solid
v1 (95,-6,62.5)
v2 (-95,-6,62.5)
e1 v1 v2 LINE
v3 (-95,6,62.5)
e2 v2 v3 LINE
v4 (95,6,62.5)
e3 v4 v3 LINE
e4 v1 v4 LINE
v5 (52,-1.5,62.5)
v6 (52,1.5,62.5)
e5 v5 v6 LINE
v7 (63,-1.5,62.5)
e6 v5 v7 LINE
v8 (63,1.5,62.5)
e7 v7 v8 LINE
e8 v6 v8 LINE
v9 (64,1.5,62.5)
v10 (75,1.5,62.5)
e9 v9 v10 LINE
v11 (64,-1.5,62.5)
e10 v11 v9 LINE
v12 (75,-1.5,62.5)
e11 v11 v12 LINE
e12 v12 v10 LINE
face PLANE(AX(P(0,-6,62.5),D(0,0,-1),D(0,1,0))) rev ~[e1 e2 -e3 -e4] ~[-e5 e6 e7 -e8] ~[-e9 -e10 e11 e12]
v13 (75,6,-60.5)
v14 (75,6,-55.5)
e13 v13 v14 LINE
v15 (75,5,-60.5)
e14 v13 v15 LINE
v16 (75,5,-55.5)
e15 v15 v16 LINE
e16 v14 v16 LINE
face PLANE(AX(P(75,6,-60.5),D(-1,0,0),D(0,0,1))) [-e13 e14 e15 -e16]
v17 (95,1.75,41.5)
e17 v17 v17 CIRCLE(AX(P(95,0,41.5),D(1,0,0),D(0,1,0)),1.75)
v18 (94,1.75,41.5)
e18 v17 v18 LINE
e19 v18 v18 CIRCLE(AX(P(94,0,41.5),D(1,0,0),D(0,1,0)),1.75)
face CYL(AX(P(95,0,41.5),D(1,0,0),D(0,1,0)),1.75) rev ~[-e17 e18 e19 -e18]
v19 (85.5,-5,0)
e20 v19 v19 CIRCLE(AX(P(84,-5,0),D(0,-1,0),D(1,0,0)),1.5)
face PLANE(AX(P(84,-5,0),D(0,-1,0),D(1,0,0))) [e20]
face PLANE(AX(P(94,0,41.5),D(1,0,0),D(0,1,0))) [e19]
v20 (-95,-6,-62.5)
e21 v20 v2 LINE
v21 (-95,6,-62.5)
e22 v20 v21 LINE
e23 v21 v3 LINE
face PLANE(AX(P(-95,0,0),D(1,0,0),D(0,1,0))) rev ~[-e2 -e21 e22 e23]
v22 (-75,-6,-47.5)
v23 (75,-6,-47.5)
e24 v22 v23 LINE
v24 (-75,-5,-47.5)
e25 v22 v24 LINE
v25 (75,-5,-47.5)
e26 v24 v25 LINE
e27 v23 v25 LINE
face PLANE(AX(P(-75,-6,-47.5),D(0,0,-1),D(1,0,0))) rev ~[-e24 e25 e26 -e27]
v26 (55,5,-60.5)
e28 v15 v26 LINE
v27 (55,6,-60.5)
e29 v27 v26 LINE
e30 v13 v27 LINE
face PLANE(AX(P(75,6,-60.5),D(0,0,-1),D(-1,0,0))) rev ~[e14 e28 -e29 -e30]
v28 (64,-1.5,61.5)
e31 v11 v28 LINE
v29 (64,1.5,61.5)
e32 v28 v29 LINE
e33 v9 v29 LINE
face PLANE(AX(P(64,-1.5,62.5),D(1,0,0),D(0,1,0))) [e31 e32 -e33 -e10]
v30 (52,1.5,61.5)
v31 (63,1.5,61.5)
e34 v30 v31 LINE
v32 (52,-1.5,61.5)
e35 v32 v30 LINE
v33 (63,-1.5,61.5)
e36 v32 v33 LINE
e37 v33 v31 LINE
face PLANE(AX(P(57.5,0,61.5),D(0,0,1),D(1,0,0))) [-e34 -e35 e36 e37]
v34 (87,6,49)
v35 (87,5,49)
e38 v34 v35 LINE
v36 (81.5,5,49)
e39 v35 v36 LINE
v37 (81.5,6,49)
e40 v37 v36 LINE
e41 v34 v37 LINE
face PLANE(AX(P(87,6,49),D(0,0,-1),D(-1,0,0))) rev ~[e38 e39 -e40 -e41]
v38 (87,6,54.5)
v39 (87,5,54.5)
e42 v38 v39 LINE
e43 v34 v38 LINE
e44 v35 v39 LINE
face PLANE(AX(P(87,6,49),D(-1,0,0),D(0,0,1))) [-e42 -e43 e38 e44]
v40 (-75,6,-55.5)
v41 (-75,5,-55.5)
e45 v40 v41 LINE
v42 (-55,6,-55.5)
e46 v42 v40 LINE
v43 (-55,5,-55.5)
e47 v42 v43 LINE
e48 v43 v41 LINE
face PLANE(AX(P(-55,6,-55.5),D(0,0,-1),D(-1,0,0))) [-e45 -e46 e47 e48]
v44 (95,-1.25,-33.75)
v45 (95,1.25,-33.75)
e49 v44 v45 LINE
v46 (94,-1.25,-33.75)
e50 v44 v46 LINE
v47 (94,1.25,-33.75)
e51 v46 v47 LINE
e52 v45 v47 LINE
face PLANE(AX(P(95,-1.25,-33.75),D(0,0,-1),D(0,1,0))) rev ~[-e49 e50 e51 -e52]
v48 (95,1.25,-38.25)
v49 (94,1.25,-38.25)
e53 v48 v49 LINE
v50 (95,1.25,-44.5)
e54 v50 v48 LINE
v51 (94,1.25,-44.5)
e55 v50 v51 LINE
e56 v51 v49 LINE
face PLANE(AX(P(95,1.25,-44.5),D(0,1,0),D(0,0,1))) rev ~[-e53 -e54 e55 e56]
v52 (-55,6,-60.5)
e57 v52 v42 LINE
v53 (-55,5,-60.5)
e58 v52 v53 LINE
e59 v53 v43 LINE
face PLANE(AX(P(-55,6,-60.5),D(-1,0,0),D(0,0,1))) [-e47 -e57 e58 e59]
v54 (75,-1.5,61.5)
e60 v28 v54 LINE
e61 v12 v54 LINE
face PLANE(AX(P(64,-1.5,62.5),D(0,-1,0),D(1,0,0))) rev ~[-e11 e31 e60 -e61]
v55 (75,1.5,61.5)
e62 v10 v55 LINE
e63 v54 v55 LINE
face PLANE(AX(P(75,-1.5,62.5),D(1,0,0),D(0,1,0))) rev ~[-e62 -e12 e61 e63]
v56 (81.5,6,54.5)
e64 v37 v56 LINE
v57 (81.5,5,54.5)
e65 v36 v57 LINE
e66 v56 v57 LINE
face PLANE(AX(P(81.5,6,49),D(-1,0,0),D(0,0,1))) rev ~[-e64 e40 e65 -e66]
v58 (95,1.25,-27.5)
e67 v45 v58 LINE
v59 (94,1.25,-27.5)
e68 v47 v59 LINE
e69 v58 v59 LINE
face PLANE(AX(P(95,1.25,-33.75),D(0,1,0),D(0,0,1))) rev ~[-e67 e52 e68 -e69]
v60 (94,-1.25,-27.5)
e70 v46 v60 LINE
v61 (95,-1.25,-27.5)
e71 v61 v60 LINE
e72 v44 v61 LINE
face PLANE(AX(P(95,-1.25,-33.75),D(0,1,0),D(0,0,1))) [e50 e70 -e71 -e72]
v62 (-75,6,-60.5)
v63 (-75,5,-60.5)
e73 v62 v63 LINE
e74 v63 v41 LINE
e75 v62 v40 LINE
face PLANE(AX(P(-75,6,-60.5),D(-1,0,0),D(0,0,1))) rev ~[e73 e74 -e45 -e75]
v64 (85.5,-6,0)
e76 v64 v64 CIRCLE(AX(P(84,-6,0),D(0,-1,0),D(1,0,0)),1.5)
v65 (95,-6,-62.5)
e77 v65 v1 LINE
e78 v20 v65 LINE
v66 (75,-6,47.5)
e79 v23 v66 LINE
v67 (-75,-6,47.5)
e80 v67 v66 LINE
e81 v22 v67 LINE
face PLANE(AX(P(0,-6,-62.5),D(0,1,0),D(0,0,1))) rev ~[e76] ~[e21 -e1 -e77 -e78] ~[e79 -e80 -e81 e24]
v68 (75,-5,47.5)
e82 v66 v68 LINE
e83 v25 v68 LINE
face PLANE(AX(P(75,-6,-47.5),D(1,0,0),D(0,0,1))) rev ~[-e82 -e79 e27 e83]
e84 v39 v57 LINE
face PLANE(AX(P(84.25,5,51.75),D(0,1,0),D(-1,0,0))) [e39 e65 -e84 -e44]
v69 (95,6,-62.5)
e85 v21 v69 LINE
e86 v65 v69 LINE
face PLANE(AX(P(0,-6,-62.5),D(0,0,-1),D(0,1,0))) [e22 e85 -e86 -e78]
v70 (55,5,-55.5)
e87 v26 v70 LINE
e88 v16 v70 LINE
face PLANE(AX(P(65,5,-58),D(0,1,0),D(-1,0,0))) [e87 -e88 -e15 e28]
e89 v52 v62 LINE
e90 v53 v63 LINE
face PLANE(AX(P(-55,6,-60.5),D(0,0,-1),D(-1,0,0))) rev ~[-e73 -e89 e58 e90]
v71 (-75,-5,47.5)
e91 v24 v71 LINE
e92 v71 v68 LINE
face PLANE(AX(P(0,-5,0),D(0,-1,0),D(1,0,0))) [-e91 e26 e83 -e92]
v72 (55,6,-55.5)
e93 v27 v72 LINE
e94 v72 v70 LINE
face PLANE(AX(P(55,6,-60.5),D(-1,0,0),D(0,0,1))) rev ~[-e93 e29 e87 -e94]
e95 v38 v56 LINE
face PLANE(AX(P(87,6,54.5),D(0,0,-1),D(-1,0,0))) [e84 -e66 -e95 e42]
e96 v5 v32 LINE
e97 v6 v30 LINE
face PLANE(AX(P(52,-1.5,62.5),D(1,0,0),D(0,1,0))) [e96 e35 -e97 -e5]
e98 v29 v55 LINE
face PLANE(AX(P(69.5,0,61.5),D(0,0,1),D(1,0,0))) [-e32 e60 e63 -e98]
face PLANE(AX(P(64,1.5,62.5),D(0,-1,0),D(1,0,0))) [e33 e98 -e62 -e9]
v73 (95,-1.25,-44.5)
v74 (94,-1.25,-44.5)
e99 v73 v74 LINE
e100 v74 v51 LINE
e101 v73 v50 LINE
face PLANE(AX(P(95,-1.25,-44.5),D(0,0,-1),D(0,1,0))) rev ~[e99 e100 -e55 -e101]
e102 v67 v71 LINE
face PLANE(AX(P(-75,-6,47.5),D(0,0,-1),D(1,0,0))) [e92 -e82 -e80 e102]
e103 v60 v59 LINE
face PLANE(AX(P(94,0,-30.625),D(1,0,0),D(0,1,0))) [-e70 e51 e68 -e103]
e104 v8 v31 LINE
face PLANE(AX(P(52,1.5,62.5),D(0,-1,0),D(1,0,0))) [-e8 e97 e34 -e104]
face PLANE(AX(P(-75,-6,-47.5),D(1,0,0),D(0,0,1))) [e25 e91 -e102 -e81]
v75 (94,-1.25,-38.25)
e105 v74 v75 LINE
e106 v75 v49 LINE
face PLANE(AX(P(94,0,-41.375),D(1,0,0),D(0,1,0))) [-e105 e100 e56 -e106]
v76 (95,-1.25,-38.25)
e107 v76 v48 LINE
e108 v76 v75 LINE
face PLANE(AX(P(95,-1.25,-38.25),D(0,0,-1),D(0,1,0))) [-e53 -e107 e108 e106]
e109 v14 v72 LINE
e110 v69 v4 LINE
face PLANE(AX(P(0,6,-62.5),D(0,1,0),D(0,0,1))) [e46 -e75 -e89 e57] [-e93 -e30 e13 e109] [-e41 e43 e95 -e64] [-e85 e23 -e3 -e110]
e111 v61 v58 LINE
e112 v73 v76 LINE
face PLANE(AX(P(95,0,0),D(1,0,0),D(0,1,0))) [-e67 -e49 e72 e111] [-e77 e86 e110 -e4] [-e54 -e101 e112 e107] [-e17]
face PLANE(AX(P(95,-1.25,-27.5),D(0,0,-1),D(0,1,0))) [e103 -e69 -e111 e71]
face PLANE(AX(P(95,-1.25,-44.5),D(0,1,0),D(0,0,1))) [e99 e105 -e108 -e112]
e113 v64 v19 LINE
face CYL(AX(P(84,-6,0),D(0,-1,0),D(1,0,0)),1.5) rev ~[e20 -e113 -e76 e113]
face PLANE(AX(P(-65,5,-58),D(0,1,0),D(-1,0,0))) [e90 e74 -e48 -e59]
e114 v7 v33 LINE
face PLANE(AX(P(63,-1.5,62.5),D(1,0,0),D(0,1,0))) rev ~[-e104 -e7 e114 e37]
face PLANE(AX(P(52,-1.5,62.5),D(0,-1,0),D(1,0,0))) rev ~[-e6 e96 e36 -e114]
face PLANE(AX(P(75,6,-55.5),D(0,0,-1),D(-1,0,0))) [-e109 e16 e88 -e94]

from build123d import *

# Parameters (mm, degrees)
F0_W      = 15.5
F0_H      = 130
F1_DEPTH  = 100
F2_W      = 12
F2_H      = 125
F3_DEPTH  = 95
F4_W      = 20
F4_H      = 5
F4_W_2    = 5.5
F4_H_2    = 5.5
F5_DEPTH  = 1
F6_W      = 2.5
F6_H      = 6.25
F6_R      = 1.75
F7_DEPTH  = 1
F8_W      = 11
F8_H      = 3
F9_DEPTH  = 1
F10_W     = 150
F10_H     = 95
F10_R     = 1.5
F11_DEPTH = 1


with BuildPart() as f1:
    # F0 (on Right) → F1 (new body, symmetric)
    with BuildSketch(Plane.YZ):
        Rectangle(F0_W, F0_H)
    extrude(amount=F1_DEPTH, both=True)


with BuildPart() as f3:
    # F2 (on Right) → F3 (new body, symmetric)
    with BuildSketch(Plane.YZ):
        Rectangle(F2_W, F2_H)
    extrude(amount=F3_DEPTH, both=True)


with BuildPart() as f5_tool:
    # F4 (on face) → F5 (new body)
    with BuildSketch(Plane(origin=(0, 6, 0), x_dir=(-1, 0, 0), z_dir=(0, 1, 0))):
        with Locations((-65, -58)):
            Rectangle(F4_W, F4_H)
        with Locations((65, -58)):
            Rectangle(F4_W, F4_H)
        with Locations((-84.25, 51.75)):
            Rectangle(F4_W_2, F4_H_2)
    extrude(amount=-F5_DEPTH)


with BuildPart() as f1_1:
    add(f1.part)

    # F5: cut by f5_tool
    add(f5_tool.part, mode=Mode.SUBTRACT)


with BuildPart() as f3_1:
    add(f3.part)

    # F5: cut by f5_tool
    add(f5_tool.part, mode=Mode.SUBTRACT)


with BuildPart() as f7_tool:
    # F6 (on face) → F7 (new body)
    with BuildSketch(Plane.YZ.offset(95)):
        with Locations((0, -30.625)):
            Rectangle(F6_W, F6_H)
        with Locations((0, -41.375)):
            Rectangle(F6_W, F6_H)
        with Locations((0, 41.5)):
            Circle(F6_R)
    extrude(amount=-F7_DEPTH)


with BuildPart() as f1_2:
    add(f1_1.part)

    # F7: cut by f7_tool
    add(f7_tool.part, mode=Mode.SUBTRACT)


with BuildPart() as f3_2:
    add(f3_1.part)

    # F7: cut by f7_tool
    add(f7_tool.part, mode=Mode.SUBTRACT)


with BuildPart() as f9_tool:
    # F8 (on face) → F9 (new body)
    with BuildSketch(Plane.XY.offset(62.5)):
        with Locations((57.5, 0)):
            Rectangle(F8_W, F8_H)
        with Locations((69.5, 0)):
            Rectangle(F8_W, F8_H)
    extrude(amount=-F9_DEPTH)


with BuildPart() as f1_3:
    add(f1_2.part)

    # F9: cut by f9_tool
    add(f9_tool.part, mode=Mode.SUBTRACT)


with BuildPart() as f3_3:
    add(f3_2.part)

    # F9: cut by f9_tool
    add(f9_tool.part, mode=Mode.SUBTRACT)


with BuildPart() as f11_tool:
    # F10 (on face) → F11 (new body)
    with BuildSketch(Plane.XZ.offset(6)):
        Rectangle(F10_W, F10_H)
        with Locations((84, 0)):
            Circle(F10_R)
    extrude(amount=-F11_DEPTH)


with BuildPart() as f1_4:
    add(f1_3.part)

    # F11: cut by f11_tool
    add(f11_tool.part, mode=Mode.SUBTRACT)


with BuildPart() as f3_4:
    add(f3_3.part)

    # F11: cut by f11_tool
    add(f11_tool.part, mode=Mode.SUBTRACT)


solid = f3_4.part
